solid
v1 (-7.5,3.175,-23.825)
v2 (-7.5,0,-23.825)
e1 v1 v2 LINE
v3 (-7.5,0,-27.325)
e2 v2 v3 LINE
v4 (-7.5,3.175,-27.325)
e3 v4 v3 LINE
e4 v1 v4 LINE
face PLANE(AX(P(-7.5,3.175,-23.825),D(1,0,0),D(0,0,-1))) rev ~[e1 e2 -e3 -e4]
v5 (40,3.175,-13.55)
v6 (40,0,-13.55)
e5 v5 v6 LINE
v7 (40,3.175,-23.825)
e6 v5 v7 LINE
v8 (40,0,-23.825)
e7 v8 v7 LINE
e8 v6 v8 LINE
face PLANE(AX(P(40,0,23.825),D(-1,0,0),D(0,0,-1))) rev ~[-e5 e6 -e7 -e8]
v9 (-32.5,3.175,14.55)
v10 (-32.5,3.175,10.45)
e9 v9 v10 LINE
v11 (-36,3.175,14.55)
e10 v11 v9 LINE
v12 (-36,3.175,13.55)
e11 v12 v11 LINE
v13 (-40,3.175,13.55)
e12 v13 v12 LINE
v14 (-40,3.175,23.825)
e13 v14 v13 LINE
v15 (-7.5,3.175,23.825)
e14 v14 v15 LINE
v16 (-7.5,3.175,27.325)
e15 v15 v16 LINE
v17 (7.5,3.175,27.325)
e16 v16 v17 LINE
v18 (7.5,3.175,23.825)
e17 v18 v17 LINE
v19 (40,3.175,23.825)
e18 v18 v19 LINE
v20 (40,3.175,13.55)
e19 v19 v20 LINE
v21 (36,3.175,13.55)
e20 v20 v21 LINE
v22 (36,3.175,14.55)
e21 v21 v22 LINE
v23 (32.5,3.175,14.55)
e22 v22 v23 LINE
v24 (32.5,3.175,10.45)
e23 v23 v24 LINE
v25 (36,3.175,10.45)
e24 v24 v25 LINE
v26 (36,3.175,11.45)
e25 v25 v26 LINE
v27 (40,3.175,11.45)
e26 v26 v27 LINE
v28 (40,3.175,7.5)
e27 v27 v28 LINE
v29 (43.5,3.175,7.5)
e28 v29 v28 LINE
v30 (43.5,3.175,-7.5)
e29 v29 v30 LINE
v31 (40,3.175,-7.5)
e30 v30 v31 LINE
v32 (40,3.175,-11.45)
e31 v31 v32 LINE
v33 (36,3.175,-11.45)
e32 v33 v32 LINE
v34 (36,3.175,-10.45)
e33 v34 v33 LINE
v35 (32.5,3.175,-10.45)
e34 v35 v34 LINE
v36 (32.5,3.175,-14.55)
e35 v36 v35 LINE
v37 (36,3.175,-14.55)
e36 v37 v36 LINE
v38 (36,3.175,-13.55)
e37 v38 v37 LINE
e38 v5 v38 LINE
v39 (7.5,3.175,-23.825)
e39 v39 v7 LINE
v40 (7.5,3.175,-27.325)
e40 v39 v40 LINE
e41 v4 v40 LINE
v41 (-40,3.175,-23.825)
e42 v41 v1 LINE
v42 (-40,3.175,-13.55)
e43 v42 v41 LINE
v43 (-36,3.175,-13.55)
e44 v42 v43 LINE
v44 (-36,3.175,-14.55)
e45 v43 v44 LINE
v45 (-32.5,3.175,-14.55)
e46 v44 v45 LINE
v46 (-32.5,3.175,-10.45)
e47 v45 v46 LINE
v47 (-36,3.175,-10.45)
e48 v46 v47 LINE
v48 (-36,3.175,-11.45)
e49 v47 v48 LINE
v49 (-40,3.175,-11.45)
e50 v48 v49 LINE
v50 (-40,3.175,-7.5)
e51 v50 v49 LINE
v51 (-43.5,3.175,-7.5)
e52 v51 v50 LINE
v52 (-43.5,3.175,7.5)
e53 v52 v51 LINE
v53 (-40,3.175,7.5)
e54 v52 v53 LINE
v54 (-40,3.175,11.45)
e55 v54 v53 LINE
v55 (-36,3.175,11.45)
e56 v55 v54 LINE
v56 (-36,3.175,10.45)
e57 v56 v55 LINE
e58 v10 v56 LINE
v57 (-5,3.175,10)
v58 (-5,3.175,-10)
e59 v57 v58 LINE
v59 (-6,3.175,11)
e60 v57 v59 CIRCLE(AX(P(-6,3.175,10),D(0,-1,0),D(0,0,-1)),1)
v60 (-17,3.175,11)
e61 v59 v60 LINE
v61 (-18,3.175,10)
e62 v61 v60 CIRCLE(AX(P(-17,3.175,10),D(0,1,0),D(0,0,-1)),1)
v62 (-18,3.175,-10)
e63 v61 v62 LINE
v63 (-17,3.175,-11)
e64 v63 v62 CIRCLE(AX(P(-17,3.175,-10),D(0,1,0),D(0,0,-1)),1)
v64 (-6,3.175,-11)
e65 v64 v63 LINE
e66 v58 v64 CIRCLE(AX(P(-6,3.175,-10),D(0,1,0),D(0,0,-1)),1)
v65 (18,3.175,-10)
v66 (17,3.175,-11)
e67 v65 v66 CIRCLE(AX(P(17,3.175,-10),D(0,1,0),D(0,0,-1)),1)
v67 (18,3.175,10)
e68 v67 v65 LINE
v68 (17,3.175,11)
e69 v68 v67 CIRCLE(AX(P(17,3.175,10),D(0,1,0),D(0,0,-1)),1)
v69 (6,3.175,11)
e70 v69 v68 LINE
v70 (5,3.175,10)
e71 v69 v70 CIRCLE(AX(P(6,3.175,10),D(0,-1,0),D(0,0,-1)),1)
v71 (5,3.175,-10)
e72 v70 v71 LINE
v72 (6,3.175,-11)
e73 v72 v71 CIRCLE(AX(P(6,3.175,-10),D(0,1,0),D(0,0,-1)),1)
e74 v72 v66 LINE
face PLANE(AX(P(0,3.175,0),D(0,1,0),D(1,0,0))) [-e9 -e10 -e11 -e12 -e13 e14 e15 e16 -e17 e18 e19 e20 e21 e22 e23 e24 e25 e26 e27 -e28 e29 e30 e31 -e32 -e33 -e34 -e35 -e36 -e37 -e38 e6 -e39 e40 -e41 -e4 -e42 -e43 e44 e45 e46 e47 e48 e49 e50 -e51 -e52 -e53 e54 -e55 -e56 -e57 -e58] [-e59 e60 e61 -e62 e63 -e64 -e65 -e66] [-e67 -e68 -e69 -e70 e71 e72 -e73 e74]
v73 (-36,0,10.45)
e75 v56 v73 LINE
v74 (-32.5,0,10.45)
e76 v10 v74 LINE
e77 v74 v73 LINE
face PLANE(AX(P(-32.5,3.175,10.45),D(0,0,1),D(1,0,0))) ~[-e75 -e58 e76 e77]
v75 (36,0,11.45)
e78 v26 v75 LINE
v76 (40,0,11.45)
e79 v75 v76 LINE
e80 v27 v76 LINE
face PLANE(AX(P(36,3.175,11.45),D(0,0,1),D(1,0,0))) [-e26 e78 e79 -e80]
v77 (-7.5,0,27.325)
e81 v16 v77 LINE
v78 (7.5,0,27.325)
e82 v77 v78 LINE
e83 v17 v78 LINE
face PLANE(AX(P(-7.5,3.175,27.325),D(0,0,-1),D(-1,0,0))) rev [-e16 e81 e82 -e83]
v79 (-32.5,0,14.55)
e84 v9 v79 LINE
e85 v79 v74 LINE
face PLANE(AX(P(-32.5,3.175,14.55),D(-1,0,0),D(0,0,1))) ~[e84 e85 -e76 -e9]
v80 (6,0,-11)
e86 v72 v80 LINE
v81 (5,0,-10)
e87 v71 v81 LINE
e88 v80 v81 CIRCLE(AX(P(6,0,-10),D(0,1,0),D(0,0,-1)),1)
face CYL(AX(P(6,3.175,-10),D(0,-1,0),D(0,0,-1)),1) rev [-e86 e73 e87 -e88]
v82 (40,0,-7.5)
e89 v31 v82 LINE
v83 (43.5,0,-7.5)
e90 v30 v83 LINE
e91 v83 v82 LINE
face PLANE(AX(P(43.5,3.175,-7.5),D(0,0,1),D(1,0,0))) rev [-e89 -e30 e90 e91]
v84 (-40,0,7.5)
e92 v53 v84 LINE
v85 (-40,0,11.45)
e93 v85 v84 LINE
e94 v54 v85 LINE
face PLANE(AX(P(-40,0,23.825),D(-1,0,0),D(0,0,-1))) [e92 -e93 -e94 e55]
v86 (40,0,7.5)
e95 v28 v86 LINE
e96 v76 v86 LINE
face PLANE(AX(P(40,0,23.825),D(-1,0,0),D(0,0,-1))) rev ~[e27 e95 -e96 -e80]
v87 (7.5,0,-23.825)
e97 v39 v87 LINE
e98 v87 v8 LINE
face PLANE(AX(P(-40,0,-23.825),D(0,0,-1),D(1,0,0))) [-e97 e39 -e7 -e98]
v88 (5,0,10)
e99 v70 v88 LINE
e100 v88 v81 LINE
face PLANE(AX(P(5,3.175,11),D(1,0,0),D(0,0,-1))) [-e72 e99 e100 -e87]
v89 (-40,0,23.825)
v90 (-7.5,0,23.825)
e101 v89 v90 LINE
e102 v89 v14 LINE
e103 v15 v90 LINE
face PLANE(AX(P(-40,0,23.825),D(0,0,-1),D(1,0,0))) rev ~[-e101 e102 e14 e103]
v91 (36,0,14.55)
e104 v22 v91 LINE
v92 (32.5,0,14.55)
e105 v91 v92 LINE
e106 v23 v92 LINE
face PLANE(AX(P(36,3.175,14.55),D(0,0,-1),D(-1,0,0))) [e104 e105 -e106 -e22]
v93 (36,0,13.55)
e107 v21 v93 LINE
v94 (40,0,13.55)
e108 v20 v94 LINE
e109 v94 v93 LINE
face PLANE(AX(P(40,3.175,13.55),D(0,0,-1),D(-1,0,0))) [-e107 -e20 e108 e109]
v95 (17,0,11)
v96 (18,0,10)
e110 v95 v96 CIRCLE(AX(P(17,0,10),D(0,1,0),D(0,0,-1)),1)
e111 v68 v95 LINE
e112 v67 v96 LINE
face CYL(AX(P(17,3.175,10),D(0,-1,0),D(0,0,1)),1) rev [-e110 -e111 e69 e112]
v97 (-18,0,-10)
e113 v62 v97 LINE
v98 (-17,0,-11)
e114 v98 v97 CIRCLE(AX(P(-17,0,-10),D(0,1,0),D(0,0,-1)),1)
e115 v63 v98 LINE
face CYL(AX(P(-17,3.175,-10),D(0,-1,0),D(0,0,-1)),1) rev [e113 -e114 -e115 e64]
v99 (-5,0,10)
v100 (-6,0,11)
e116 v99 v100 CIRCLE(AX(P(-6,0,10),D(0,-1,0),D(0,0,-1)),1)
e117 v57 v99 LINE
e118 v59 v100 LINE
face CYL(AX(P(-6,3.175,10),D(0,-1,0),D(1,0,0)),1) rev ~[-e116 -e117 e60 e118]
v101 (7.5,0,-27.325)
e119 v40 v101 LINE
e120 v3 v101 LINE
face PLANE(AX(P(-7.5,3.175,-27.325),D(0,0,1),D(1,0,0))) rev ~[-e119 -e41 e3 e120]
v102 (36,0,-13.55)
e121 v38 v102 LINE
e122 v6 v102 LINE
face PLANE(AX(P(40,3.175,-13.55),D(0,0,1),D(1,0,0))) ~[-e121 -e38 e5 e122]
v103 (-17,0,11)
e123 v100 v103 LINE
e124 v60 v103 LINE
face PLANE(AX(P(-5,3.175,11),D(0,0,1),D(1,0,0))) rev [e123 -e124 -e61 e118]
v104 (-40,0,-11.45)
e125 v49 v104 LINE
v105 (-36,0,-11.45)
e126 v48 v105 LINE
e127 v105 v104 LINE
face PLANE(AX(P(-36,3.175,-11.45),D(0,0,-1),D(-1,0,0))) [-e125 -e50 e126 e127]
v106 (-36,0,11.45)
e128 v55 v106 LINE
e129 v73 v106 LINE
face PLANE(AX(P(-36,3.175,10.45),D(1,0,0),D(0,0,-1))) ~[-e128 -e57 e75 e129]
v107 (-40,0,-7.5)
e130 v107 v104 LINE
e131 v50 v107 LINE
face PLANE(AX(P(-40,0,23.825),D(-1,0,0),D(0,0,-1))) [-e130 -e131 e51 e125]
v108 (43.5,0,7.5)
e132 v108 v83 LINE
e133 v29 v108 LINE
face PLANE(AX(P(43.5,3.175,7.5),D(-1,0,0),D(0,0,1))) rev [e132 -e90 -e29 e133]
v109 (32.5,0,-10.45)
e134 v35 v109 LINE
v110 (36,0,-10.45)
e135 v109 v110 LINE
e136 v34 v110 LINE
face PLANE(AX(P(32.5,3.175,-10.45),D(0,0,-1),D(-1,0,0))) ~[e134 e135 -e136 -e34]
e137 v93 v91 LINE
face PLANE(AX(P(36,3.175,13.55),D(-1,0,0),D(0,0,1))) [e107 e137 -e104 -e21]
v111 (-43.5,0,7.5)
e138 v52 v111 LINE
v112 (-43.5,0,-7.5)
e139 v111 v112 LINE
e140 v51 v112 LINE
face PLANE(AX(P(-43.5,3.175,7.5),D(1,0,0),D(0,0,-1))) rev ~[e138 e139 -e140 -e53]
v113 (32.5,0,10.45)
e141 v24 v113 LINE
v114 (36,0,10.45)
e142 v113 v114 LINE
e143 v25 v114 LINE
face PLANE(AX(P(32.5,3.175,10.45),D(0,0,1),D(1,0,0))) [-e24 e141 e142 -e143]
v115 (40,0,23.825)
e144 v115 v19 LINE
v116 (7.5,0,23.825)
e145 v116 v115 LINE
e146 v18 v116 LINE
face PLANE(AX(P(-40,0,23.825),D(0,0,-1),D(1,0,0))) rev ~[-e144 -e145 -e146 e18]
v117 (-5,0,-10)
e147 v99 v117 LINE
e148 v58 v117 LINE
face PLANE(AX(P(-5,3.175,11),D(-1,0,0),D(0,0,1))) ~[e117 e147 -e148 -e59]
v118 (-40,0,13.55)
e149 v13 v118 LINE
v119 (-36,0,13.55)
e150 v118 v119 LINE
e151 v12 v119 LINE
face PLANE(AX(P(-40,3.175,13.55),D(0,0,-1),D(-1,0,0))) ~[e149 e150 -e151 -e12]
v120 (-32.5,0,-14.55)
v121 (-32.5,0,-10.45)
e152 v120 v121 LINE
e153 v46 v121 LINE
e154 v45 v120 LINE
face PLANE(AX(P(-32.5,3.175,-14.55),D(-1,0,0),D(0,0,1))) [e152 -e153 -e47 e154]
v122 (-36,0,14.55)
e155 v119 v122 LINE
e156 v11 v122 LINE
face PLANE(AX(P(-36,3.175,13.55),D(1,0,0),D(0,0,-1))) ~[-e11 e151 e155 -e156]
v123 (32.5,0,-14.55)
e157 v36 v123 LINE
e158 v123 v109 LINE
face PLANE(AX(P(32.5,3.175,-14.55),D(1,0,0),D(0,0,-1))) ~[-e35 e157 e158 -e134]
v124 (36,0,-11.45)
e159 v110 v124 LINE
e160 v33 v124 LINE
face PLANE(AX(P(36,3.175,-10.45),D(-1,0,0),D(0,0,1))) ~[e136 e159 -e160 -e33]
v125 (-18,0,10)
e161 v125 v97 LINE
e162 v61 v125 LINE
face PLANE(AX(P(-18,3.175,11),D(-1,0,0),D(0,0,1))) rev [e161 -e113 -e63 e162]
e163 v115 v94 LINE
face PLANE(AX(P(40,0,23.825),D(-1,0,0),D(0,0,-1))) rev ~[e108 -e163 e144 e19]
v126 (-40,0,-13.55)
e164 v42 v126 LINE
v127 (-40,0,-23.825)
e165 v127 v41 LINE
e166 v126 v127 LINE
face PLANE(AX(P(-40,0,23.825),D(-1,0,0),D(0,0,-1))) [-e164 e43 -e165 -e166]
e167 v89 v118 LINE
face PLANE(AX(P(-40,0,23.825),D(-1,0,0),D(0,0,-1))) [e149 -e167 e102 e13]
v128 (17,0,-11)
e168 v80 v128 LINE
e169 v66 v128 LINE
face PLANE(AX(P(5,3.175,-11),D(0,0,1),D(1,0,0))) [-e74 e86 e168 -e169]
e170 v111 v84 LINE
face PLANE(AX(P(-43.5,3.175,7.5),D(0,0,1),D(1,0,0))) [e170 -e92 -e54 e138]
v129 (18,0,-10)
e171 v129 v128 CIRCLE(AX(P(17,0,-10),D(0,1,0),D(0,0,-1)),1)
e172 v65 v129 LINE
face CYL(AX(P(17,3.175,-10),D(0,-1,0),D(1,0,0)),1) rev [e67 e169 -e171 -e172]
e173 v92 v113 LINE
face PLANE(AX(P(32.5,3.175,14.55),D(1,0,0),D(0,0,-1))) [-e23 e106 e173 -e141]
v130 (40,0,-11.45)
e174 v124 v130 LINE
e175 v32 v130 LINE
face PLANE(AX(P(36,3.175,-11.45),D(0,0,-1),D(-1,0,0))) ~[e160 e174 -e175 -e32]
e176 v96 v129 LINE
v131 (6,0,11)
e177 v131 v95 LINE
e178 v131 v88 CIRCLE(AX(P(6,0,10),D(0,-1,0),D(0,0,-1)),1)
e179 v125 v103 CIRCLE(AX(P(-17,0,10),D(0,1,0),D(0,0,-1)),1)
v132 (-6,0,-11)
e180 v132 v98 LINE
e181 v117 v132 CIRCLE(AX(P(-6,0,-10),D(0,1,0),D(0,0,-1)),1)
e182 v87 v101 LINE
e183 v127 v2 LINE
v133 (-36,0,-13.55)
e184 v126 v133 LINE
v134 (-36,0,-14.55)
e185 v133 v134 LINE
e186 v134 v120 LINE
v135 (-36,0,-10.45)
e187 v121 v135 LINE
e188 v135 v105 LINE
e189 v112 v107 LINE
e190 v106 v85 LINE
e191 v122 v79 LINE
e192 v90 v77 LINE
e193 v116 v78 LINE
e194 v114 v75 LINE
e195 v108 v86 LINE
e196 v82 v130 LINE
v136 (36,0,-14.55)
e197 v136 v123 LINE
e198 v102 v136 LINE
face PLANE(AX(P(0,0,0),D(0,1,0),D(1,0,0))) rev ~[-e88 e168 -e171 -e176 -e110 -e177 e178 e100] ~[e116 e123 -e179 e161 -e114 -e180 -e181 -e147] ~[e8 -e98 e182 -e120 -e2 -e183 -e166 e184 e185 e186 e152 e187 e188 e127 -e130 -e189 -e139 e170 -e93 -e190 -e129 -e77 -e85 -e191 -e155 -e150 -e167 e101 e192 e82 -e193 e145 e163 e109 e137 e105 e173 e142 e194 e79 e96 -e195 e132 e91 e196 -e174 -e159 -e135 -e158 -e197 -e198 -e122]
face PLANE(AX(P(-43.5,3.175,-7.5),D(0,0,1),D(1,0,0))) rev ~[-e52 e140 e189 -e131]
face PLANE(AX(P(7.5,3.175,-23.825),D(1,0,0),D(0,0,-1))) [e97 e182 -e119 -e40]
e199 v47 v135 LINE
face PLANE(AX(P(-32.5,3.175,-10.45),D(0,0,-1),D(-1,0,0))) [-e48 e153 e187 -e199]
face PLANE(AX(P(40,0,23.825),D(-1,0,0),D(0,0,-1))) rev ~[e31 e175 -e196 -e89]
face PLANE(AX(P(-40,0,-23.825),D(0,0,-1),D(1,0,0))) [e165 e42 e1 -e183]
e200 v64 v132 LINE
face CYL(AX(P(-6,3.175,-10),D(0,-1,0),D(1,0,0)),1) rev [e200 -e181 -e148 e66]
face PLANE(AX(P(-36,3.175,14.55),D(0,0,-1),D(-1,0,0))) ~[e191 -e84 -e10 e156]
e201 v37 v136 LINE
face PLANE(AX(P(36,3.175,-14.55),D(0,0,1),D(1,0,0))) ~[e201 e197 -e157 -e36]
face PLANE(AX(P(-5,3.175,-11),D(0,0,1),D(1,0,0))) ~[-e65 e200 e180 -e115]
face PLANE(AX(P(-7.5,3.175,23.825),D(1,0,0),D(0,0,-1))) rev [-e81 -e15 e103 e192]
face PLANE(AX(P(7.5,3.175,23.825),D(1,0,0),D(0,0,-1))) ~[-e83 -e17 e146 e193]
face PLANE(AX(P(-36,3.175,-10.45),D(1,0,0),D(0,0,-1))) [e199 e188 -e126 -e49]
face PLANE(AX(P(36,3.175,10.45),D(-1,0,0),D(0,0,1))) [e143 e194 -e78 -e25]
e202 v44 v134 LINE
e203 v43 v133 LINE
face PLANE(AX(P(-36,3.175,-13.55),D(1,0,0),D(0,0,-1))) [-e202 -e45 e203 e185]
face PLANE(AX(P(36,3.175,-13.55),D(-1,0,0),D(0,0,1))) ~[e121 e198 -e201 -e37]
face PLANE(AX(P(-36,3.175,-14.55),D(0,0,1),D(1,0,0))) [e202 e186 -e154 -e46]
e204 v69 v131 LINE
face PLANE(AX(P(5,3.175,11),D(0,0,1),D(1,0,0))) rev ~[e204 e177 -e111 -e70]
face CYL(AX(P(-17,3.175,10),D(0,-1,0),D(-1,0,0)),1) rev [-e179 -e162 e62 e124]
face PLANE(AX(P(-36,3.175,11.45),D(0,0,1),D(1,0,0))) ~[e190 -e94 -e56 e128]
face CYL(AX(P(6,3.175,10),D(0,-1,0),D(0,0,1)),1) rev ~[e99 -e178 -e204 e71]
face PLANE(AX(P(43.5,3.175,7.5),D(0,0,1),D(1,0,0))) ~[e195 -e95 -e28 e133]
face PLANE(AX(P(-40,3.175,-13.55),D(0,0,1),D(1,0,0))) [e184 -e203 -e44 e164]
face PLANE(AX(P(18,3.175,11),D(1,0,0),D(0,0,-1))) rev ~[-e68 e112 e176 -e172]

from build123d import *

# Parameters (mm, degrees)
SKETCH2_W               = 80
SKETCH2_H               = 47.65
BOSS_EXTRUDE1_DEPTH     = 3.175
SKETCH3_W               = 15
SKETCH3_H               = 3.5
BOSS_EXTRUDE2_DEPTH     = 3.175
SKETCH4_W               = 3.5
SKETCH4_H               = 15
BOSS_EXTRUDE3_DEPTH     = 3.175
MIRROR2_COPY_1_SKETCH_W = 3.5
MIRROR2_COPY_1_SKETCH_H = 15
MIRROR2_COPY_1_DEPTH    = 3.175
MIRROR2_COPY_2_SKETCH_W = 3.5
MIRROR2_COPY_2_SKETCH_H = 15
MIRROR2_COPY_2_DEPTH    = 3.175
CUT_EXTRUDE1_DEPTH      = 10
MIRROR4_COPY_1_DEPTH    = 10
SKETCH6_W               = 13
SKETCH6_H               = 22
CUT_EXTRUDE2_DEPTH      = 52.468303353
FILLET1_R               = 1
FILLET1_OF_MIRROR5_R    = 1


with BuildPart() as part:
    # Sketch2 → Boss-Extrude1 (new body)
    with BuildSketch(Plane(origin=(0, 0, 0), x_dir=(1, 0, 0), z_dir=(0, 1, 0))):
        Rectangle(SKETCH2_W, SKETCH2_H)
    extrude(amount=BOSS_EXTRUDE1_DEPTH)

    # Sketch3 → Boss-Extrude2 (add)
    with BuildSketch(Plane(origin=(0, 3.175, 0), x_dir=(1, 0, 0), z_dir=(0, 1, 0))):
        with Locations((0, 25.575)):
            Rectangle(SKETCH3_W, SKETCH3_H)
    boss_extrude2 = extrude(amount=-BOSS_EXTRUDE2_DEPTH)

    # Sketch4 → Boss-Extrude3 (add)
    with BuildSketch(Plane(origin=(0, 3.175, 0), x_dir=(1, 0, 0), z_dir=(0, 1, 0))):
        with Locations((-41.75, 0)):
            Rectangle(SKETCH4_W, SKETCH4_H)
    boss_extrude3 = extrude(amount=-BOSS_EXTRUDE3_DEPTH)

    # Mirror1: Boss-Extrude3 across plane
    add(boss_extrude3.mirror(Plane(origin=(0, 0, 0), x_dir=(0, 0, 1), z_dir=(1, 0, 0))))

    # Mirror2: Boss-Extrude2 across plane
    add(boss_extrude2.mirror(Plane.XY))

    # Mirror2 copy 1 sketch → Mirror2 copy 1 (add)
    with BuildSketch(Plane(origin=(0, 3.175, 0), x_dir=(-1, 0, 0), z_dir=(0, 1, 0))):
        with Locations((-41.75, 0)):
            Rectangle(MIRROR2_COPY_1_SKETCH_W, MIRROR2_COPY_1_SKETCH_H)
    extrude(amount=-MIRROR2_COPY_1_DEPTH)

    # Mirror2 copy 2 sketch → Mirror2 copy 2 (add)
    with BuildSketch(Plane(origin=(0, 3.175, 0), x_dir=(1, 0, 0), z_dir=(0, 1, 0))):
        with Locations((-41.75, 0)):
            Rectangle(MIRROR2_COPY_2_SKETCH_W, MIRROR2_COPY_2_SKETCH_H)
    extrude(amount=-MIRROR2_COPY_2_DEPTH)

    # Sketch5 → Cut-Extrude1 (cut)
    with BuildSketch(Plane(origin=(0, 3.175, 0), x_dir=(1, 0, 0), z_dir=(0, 1, 0))):
        Polygon((-40, 13.55), (-36, 13.55), (-36, 14.55), (-32.5, 14.55), (-32.5, 10.45), (-36, 10.45), (-36, 11.45), (-40, 11.45), align=None)
    cut_extrude1 = extrude(amount=-CUT_EXTRUDE1_DEPTH, mode=Mode.SUBTRACT)

    # Mirror3: Cut-Extrude1 across plane
    add(cut_extrude1.mirror(Plane.XY), mode=Mode.SUBTRACT)

    # Mirror4: Cut-Extrude1 across plane
    add(cut_extrude1.mirror(Plane(origin=(0, 0, 0), x_dir=(0, 0, 1), z_dir=(1, 0, 0))), mode=Mode.SUBTRACT)

    # Mirror4 copy 1 sketch → Mirror4 copy 1 (cut)
    with BuildSketch(Plane(origin=(0, 3.175, 0), x_dir=(-1, 0, 0), z_dir=(0, 1, 0))):
        Polygon((-40, 13.55), (-36, 13.55), (-36, 14.55), (-32.5, 14.55), (-32.5, 10.45), (-36, 10.45), (-36, 11.45), (-40, 11.45), align=None)
    extrude(amount=-MIRROR4_COPY_1_DEPTH, mode=Mode.SUBTRACT)

    # Sketch6 → Cut-Extrude2 (cut, through all)
    with BuildSketch(Plane(origin=(0, 3.175, 0), x_dir=(1, 0, 0), z_dir=(0, 1, 0))):
        with Locations((11.5, 0)):
            Rectangle(SKETCH6_W, SKETCH6_H)
    cut_extrude2 = extrude(amount=-CUT_EXTRUDE2_DEPTH, mode=Mode.SUBTRACT)

    # Fillet1
    fillet1_edges = [part.edges().sort_by_distance(p)[0] for p in [
        (5, 1.5875, 11),
        (5, 1.5875, -11),
        (18, 1.5875, -11),
        (18, 1.5875, 11),
    ]]
    fillet(fillet1_edges, radius=FILLET1_R)

    # Mirror5: Cut-Extrude2 across plane
    add(cut_extrude2.mirror(Plane(origin=(0, 0, 0), x_dir=(0, 0, 1), z_dir=(1, 0, 0))), mode=Mode.SUBTRACT)

    # Fillet1 of Mirror5
    fillet1_of_mirror5_edges = [part.edges().sort_by_distance(p)[0] for p in [
        (-5, 1.5875, 11),
        (-5, 1.5875, -11),
        (-18, 1.5875, -11),
        (-18, 1.5875, 11),
    ]]
    fillet(fillet1_of_mirror5_edges, radius=FILLET1_OF_MIRROR5_R)


solid = part.part
